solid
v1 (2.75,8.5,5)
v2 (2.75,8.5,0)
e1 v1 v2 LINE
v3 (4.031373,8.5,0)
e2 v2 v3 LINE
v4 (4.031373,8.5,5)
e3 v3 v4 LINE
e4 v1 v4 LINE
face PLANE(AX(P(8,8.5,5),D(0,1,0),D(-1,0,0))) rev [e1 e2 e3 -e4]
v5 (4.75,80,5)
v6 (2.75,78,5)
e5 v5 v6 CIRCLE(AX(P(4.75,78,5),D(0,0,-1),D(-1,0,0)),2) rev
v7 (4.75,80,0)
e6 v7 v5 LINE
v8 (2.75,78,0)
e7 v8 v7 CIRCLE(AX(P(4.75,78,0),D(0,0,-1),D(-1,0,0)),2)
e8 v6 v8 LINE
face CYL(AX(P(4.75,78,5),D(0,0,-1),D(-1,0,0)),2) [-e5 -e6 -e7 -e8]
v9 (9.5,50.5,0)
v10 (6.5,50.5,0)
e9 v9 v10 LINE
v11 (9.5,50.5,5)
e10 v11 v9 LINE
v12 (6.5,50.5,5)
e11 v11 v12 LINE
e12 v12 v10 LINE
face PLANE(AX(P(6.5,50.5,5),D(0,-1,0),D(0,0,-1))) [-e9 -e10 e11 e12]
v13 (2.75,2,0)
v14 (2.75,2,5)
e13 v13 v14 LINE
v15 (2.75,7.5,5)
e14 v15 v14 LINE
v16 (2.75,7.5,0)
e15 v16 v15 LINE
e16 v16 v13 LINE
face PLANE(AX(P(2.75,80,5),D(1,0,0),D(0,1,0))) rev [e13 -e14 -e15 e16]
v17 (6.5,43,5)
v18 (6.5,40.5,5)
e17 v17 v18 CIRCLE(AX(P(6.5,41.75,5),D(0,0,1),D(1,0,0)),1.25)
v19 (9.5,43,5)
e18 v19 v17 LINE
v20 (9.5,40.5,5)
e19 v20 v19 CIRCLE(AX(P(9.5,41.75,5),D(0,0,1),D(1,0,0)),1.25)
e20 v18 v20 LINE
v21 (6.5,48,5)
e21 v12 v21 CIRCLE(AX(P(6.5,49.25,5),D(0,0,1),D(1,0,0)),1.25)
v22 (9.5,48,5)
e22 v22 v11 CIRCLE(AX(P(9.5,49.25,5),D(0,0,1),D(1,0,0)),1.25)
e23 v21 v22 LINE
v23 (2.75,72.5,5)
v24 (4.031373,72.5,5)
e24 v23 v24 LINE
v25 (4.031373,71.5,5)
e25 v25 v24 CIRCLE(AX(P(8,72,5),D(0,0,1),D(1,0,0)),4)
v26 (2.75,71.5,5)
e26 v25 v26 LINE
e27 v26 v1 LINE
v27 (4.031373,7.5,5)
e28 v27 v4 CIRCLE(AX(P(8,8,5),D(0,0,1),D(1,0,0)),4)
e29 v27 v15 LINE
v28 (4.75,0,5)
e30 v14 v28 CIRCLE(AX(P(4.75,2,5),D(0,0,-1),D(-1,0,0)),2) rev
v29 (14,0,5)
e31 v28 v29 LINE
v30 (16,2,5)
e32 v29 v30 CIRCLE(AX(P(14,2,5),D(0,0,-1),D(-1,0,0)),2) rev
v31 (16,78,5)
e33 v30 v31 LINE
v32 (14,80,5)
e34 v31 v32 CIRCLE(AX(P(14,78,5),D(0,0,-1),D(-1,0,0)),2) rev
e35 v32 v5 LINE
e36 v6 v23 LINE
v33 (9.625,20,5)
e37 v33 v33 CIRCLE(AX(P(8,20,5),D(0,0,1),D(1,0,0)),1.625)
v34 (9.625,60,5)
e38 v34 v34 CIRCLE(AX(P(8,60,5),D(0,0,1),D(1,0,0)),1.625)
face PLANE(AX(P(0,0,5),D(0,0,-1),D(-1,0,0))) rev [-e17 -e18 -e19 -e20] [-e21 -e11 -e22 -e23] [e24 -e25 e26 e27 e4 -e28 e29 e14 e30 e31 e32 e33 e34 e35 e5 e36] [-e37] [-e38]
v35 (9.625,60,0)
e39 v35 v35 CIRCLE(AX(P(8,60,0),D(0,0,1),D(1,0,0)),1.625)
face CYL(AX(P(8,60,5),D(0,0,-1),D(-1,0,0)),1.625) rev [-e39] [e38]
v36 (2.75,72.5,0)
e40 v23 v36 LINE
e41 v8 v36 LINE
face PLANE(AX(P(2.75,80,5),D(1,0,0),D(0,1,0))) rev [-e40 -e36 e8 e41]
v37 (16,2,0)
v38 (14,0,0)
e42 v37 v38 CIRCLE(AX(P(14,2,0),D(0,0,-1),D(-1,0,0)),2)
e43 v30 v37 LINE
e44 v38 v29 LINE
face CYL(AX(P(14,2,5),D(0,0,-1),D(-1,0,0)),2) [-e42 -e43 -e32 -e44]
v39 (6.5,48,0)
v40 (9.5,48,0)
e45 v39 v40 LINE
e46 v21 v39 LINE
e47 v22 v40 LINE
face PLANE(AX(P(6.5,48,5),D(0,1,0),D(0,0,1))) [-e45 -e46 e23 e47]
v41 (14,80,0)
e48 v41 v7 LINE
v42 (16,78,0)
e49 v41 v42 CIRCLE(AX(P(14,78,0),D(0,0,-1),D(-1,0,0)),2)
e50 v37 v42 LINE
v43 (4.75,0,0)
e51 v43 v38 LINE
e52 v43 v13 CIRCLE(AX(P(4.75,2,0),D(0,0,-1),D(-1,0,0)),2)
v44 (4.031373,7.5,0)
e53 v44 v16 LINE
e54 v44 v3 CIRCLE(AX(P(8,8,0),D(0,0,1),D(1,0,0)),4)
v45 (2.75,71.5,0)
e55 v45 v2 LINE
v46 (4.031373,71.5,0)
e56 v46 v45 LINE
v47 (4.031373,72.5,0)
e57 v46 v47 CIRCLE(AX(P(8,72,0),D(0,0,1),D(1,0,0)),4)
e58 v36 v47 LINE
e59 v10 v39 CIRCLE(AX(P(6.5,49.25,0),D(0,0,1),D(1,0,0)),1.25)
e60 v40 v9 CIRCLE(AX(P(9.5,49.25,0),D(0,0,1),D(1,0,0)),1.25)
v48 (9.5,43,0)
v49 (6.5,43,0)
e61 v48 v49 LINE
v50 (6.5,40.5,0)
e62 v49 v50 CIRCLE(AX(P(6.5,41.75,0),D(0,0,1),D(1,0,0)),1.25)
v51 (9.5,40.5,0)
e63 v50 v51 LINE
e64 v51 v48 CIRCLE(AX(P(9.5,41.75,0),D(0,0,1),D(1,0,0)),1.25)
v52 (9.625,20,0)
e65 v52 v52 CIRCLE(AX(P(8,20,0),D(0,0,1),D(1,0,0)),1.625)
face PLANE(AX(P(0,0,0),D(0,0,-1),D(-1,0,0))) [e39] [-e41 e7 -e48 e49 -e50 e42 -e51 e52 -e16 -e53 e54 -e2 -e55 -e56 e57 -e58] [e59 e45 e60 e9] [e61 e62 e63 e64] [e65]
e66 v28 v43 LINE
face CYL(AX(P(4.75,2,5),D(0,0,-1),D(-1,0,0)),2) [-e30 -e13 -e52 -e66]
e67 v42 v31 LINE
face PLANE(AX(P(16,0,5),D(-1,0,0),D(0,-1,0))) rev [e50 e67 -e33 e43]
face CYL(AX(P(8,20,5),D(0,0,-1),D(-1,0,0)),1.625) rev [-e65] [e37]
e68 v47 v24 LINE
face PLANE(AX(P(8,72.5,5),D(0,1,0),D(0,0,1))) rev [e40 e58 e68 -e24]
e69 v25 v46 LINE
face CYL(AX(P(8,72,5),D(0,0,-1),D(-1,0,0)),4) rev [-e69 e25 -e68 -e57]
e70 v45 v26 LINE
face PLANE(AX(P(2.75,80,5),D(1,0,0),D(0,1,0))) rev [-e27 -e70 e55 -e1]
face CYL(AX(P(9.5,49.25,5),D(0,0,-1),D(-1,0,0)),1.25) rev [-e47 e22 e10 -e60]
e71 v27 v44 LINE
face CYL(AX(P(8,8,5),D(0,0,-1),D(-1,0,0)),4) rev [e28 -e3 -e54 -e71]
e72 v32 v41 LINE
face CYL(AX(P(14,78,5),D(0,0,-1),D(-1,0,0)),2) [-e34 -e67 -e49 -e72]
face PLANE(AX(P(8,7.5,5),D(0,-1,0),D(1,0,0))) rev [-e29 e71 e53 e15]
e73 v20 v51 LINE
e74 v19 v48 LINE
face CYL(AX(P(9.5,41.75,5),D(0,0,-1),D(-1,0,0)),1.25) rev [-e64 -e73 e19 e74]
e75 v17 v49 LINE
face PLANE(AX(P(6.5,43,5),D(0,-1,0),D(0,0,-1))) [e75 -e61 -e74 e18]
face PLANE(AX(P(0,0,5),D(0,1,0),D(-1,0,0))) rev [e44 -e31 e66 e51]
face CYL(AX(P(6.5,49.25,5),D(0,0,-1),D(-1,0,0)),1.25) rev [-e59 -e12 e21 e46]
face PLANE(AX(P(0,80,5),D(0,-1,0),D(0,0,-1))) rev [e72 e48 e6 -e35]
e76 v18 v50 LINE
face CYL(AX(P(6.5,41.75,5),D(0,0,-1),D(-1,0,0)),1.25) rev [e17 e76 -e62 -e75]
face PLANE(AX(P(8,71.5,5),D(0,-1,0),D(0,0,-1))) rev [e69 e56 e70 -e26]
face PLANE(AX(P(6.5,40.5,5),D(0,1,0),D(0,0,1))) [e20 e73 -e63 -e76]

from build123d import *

# Parameters (mm, degrees)
SKETCH1_W           = 16
SKETCH1_H           = 80
SKETCH1_R           = 4
SKETCH1_R_2         = 1.625
BOSS_EXTRUDE1_DEPTH = 5
CUT_EXTRUDE3_DEPTH  = 82.737384348
SKETCH4_W           = 2.75
SKETCH4_H           = 80
CUT_EXTRUDE4_DEPTH  = 82.737384348
FILLET1_R           = 2


with BuildPart() as part:
    # Sketch1 → Boss-Extrude1 (new body)
    with BuildSketch(Plane.XY):
        with Locations((8, 40)):
            Rectangle(SKETCH1_W, SKETCH1_H)
        with Locations((8, 72)):
            Circle(SKETCH1_R, mode=Mode.SUBTRACT)
        with Locations((8, 8)):
            Circle(SKETCH1_R, mode=Mode.SUBTRACT)
        with Locations((8, 20)):
            Circle(SKETCH1_R_2, mode=Mode.SUBTRACT)
        with Locations((8, 60)):
            Circle(SKETCH1_R_2, mode=Mode.SUBTRACT)
        with BuildLine():
            Line((6.5, 50.5), (9.5, 50.5))
            ThreePointArc((9.5, 50.5), (10.75, 49.25), (9.5, 48))
            Line((9.5, 48), (6.5, 48))
            ThreePointArc((6.5, 48), (5.25, 49.25), (6.5, 50.5))
        make_face(mode=Mode.SUBTRACT)
        with BuildLine():
            Line((6.5, 43), (9.5, 43))
            ThreePointArc((9.5, 43), (10.75, 41.75), (9.5, 40.5))
            Line((9.5, 40.5), (6.5, 40.5))
            ThreePointArc((6.5, 40.5), (5.25, 41.75), (6.5, 43))
        make_face(mode=Mode.SUBTRACT)
    extrude(amount=BOSS_EXTRUDE1_DEPTH)

    # Sketch3 → Cut-Extrude3 (cut, through all)
    with BuildSketch(Plane(origin=(0, 0, 0), x_dir=(-1, 0, 0), z_dir=(0, 0, -1))):
        with BuildLine():
            Line((-8, 72.5), (0, 72.5))
            ThreePointArc((0, 72.5), (0.5, 72), (0, 71.5))
            Line((0, 71.5), (-8, 71.5))
            ThreePointArc((-8, 71.5), (-8.5, 72), (-8, 72.5))
        make_face()
        with BuildLine():
            Line((-8, 8.5), (0, 8.5))
            ThreePointArc((0, 8.5), (0.5, 8), (0, 7.5))
            Line((0, 7.5), (-8, 7.5))
            ThreePointArc((-8, 7.5), (-8.5, 8), (-8, 8.5))
        make_face()
    extrude(amount=-CUT_EXTRUDE3_DEPTH, mode=Mode.SUBTRACT)

    # Sketch4 → Cut-Extrude4 (cut, through all)
    with BuildSketch(Plane(origin=(0, 0, 0), x_dir=(-1, 0, 0), z_dir=(0, 0, -1))):
        with Locations((-1.375, 40)):
            Rectangle(SKETCH4_W, SKETCH4_H)
    extrude(amount=-CUT_EXTRUDE4_DEPTH, mode=Mode.SUBTRACT)

    # Fillet1
    fillet1_edges = [part.edges().sort_by_distance(p)[0] for p in [
        (2.75, 0, 2.5),
        (2.75, 80, 2.5),
        (16, 80, 2.5),
        (16, 0, 2.5),
    ]]
    fillet(fillet1_edges, radius=FILLET1_R)


solid = part.part
